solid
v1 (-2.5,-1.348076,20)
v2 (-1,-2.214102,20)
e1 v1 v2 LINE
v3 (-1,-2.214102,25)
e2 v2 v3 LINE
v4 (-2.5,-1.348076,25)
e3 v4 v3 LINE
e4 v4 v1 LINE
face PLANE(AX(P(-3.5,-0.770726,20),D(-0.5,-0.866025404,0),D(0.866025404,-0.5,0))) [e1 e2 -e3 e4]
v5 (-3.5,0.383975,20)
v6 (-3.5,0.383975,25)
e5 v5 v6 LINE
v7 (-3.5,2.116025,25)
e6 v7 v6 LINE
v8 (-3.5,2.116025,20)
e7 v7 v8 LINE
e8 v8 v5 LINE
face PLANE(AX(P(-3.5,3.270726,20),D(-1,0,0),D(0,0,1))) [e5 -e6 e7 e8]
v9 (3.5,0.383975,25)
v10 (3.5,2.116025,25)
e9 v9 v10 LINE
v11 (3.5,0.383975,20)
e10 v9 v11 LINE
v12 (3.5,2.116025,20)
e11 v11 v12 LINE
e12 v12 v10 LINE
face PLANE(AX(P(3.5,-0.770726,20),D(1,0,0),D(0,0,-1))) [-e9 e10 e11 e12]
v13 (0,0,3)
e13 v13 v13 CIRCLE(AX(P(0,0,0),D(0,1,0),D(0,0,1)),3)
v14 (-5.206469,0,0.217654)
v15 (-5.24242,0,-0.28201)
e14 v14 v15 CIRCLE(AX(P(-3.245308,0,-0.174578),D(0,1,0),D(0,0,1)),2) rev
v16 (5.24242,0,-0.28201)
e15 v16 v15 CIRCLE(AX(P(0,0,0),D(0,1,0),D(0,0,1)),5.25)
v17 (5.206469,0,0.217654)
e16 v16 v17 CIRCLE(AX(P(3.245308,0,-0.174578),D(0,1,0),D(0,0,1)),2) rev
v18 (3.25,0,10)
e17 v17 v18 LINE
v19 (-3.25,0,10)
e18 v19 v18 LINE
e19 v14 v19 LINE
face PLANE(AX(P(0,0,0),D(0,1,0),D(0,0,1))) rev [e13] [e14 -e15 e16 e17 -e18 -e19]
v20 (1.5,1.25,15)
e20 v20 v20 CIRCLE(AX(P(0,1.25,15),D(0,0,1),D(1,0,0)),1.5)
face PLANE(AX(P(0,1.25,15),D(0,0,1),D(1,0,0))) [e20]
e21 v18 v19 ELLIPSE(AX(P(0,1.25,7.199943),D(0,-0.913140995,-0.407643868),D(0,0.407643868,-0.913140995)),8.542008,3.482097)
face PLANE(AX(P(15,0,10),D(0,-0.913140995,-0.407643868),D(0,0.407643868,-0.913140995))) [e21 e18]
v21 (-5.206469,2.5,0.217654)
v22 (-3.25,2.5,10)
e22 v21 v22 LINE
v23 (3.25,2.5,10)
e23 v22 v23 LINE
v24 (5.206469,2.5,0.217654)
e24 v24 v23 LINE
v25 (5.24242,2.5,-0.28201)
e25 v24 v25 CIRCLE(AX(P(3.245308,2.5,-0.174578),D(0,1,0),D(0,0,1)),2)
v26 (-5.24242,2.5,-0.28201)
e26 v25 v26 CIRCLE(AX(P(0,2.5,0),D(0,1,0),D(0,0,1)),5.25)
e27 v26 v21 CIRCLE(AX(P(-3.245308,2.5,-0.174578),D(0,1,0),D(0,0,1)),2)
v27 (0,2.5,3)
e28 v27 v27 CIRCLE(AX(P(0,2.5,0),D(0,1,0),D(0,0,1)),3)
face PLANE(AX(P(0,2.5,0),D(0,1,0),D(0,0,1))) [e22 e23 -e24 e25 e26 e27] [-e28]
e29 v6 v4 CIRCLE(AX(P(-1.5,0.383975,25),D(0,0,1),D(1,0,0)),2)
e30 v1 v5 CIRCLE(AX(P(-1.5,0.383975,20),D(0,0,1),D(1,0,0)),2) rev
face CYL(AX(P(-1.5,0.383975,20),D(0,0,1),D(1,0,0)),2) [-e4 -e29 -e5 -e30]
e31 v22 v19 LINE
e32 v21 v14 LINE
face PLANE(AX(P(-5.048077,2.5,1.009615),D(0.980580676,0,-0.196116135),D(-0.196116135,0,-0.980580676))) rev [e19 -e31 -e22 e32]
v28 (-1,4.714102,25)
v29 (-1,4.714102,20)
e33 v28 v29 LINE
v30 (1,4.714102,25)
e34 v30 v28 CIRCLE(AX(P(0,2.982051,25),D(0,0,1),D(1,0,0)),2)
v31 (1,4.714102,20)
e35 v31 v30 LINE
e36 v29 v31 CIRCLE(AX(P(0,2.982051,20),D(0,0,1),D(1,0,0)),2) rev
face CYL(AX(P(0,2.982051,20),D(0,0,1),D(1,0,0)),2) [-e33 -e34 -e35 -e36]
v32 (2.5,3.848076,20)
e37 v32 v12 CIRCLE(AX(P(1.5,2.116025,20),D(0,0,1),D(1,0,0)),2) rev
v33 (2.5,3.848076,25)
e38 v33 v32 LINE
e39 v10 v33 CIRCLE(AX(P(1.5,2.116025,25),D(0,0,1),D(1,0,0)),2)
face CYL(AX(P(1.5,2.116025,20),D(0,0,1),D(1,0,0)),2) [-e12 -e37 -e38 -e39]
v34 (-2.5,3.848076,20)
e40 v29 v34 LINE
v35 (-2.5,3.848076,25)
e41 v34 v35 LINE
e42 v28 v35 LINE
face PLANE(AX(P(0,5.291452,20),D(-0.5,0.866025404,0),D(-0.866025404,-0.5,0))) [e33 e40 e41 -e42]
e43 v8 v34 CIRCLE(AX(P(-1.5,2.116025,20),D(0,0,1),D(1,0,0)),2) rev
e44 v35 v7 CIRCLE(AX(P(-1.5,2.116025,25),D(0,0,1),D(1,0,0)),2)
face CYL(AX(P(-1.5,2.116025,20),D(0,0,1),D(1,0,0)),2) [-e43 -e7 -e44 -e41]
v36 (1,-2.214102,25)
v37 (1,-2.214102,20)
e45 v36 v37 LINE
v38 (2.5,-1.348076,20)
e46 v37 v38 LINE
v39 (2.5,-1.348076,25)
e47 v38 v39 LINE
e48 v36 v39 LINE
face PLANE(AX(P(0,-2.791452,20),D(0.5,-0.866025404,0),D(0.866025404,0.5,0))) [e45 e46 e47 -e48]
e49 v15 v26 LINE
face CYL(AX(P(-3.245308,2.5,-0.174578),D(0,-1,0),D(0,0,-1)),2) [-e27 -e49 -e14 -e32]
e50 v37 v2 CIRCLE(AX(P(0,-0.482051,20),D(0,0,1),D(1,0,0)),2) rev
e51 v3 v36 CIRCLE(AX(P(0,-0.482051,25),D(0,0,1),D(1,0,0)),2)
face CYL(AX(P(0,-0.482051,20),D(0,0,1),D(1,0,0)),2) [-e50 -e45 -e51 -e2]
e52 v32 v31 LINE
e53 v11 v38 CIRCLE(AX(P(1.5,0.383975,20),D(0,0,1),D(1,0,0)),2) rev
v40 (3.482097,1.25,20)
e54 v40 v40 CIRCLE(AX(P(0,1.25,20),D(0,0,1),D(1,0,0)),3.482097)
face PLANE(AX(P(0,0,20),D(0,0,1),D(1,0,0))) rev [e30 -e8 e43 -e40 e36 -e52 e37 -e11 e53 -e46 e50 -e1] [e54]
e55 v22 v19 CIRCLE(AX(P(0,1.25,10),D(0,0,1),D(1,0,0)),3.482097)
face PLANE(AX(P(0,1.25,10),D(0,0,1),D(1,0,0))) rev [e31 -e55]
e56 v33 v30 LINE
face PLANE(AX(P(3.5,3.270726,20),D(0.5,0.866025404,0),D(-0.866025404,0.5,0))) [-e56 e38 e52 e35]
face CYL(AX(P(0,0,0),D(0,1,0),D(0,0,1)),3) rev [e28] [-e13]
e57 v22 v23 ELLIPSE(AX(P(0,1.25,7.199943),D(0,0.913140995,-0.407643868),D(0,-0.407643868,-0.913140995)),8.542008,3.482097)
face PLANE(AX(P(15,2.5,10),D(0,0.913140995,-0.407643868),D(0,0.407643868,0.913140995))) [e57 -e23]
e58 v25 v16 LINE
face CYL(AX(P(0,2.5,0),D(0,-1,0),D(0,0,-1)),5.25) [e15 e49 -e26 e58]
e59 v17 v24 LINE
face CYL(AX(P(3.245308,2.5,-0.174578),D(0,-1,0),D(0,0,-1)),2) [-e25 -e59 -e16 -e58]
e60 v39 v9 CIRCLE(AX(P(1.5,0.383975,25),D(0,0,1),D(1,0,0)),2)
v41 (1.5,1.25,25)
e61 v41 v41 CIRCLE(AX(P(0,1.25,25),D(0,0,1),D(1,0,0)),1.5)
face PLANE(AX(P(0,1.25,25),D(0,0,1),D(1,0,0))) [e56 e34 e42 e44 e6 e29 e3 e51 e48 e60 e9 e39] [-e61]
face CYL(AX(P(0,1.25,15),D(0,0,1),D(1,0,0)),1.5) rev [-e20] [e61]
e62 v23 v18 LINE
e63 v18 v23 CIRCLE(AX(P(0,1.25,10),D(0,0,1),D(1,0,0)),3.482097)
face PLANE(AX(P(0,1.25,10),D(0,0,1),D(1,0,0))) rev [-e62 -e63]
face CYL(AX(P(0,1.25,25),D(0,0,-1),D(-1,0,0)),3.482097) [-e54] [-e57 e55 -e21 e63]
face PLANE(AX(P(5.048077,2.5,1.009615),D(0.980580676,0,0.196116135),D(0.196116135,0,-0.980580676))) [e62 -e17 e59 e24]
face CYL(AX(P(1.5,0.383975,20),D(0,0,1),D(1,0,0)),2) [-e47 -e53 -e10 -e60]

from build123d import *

# Parameters (mm, degrees)
EXTRUDE_1_DEPTH          = 2.5
SKETCH_2_R               = 3
CUT_EXTRUDE_1_DEPTH      = 2.5
FILLET_1_R               = 2
SKETCH_3_R               = 3.482097069
EXTRUDE_2_DEPTH          = 15
CUT_EXTRUDE_2_DEPTH      = 15
CUT_EXTRUDE_2_DEPTH_BACK = 15
SKETCH_6_R               = 1.5
CUT_EXTRUDE_3_DEPTH      = 10
EXTRUDE_3_DEPTH          = 5
SKETCH_8_R               = 1.5
CUT_EXTRUDE_4_DEPTH      = 5
FILLET_2_R               = 2


with BuildPart() as part:
    # 草图1 → 凸台-拉伸1 (new body)
    with BuildSketch(Plane(origin=(0, 0, 0), x_dir=(1, 0, 0), z_dir=(0, 1, 0))):
        with BuildLine():
            ThreePointArc((5.25, 0), (0, 5.25), (-5.25, 0))
            Line((-5.25, 0), (-3.25, -10))
            Line((-3.25, -10), (3.25, -10))
            Line((3.25, -10), (5.25, 0))
        make_face()
    extrude(amount=EXTRUDE_1_DEPTH)

    # 草图2 → 切除-拉伸1 (cut)
    with BuildSketch(Plane(origin=(0, 2.5, 0), x_dir=(1, 0, 0), z_dir=(0, 1, 0))):
        Circle(SKETCH_2_R)
    extrude(amount=-CUT_EXTRUDE_1_DEPTH, mode=Mode.SUBTRACT)

    # 圆角1
    fillet_1_edges = [part.edges().sort_by_distance(p)[0] for p in [
        (-5.25, 1.25, 0),
        (5.25, 1.25, 0),
    ]]
    fillet(fillet_1_edges, radius=FILLET_1_R)

    # 草图3 → 凸台-拉伸2 (add)
    with BuildSketch(Plane.XY.offset(10)):
        with Locations((0, 1.25)):
            Circle(SKETCH_3_R)
    extrude(amount=EXTRUDE_2_DEPTH)

    # 草图5 → 切除-拉伸2 (cut, two sides: drawn at the far end of the back side and taken through both)
    with BuildSketch(Plane(origin=(0, 0, 0), x_dir=(0, 0, -1), z_dir=(1, 0, 0)).offset(-CUT_EXTRUDE_2_DEPTH_BACK)):
        Polygon((-10, 2.5), (-15, 4.732097069), (-10, 4.732097069), align=None)
        Polygon((-10, 0), (-15, -2.232097069), (-10, -2.232097069), align=None)
    extrude(amount=CUT_EXTRUDE_2_DEPTH + CUT_EXTRUDE_2_DEPTH_BACK, mode=Mode.SUBTRACT)

    # 草图6 → 切除-拉伸3 (cut)
    with BuildSketch(Plane.XY.offset(25)):
        with Locations((0, 1.25)):
            Circle(SKETCH_6_R)
    extrude(amount=-CUT_EXTRUDE_3_DEPTH, mode=Mode.SUBTRACT)

    # 草图7 → 凸台-拉伸3 (add)
    with BuildSketch(Plane.XY.offset(25)):
        Polygon((0, 5.291451884), (-3.5, 3.270725942), (-3.5, -0.770725942), (0, -2.791451884), (3.5, -0.770725942), (3.5, 3.270725942), align=None)
    extrude(amount=-EXTRUDE_3_DEPTH)

    # 草图8 → 切除-拉伸4 (cut)
    with BuildSketch(Plane.XY.offset(25)):
        with Locations((0, 1.25)):
            Circle(SKETCH_8_R)
    extrude(amount=-CUT_EXTRUDE_4_DEPTH, mode=Mode.SUBTRACT)

    # 圆角2
    fillet_2_edges = [part.edges().sort_by_distance(p)[0] for p in [
        (0, -2.791451884, 22.5),
        (3.5, -0.770725942, 22.5),
        (-3.5, -0.770725942, 22.5),
        (-3.5, 3.270725942, 22.5),
        (0, 5.291451884, 22.5),
        (3.5, 3.270725942, 22.5),
    ]]
    fillet(fillet_2_edges, radius=FILLET_2_R)


solid = part.part
